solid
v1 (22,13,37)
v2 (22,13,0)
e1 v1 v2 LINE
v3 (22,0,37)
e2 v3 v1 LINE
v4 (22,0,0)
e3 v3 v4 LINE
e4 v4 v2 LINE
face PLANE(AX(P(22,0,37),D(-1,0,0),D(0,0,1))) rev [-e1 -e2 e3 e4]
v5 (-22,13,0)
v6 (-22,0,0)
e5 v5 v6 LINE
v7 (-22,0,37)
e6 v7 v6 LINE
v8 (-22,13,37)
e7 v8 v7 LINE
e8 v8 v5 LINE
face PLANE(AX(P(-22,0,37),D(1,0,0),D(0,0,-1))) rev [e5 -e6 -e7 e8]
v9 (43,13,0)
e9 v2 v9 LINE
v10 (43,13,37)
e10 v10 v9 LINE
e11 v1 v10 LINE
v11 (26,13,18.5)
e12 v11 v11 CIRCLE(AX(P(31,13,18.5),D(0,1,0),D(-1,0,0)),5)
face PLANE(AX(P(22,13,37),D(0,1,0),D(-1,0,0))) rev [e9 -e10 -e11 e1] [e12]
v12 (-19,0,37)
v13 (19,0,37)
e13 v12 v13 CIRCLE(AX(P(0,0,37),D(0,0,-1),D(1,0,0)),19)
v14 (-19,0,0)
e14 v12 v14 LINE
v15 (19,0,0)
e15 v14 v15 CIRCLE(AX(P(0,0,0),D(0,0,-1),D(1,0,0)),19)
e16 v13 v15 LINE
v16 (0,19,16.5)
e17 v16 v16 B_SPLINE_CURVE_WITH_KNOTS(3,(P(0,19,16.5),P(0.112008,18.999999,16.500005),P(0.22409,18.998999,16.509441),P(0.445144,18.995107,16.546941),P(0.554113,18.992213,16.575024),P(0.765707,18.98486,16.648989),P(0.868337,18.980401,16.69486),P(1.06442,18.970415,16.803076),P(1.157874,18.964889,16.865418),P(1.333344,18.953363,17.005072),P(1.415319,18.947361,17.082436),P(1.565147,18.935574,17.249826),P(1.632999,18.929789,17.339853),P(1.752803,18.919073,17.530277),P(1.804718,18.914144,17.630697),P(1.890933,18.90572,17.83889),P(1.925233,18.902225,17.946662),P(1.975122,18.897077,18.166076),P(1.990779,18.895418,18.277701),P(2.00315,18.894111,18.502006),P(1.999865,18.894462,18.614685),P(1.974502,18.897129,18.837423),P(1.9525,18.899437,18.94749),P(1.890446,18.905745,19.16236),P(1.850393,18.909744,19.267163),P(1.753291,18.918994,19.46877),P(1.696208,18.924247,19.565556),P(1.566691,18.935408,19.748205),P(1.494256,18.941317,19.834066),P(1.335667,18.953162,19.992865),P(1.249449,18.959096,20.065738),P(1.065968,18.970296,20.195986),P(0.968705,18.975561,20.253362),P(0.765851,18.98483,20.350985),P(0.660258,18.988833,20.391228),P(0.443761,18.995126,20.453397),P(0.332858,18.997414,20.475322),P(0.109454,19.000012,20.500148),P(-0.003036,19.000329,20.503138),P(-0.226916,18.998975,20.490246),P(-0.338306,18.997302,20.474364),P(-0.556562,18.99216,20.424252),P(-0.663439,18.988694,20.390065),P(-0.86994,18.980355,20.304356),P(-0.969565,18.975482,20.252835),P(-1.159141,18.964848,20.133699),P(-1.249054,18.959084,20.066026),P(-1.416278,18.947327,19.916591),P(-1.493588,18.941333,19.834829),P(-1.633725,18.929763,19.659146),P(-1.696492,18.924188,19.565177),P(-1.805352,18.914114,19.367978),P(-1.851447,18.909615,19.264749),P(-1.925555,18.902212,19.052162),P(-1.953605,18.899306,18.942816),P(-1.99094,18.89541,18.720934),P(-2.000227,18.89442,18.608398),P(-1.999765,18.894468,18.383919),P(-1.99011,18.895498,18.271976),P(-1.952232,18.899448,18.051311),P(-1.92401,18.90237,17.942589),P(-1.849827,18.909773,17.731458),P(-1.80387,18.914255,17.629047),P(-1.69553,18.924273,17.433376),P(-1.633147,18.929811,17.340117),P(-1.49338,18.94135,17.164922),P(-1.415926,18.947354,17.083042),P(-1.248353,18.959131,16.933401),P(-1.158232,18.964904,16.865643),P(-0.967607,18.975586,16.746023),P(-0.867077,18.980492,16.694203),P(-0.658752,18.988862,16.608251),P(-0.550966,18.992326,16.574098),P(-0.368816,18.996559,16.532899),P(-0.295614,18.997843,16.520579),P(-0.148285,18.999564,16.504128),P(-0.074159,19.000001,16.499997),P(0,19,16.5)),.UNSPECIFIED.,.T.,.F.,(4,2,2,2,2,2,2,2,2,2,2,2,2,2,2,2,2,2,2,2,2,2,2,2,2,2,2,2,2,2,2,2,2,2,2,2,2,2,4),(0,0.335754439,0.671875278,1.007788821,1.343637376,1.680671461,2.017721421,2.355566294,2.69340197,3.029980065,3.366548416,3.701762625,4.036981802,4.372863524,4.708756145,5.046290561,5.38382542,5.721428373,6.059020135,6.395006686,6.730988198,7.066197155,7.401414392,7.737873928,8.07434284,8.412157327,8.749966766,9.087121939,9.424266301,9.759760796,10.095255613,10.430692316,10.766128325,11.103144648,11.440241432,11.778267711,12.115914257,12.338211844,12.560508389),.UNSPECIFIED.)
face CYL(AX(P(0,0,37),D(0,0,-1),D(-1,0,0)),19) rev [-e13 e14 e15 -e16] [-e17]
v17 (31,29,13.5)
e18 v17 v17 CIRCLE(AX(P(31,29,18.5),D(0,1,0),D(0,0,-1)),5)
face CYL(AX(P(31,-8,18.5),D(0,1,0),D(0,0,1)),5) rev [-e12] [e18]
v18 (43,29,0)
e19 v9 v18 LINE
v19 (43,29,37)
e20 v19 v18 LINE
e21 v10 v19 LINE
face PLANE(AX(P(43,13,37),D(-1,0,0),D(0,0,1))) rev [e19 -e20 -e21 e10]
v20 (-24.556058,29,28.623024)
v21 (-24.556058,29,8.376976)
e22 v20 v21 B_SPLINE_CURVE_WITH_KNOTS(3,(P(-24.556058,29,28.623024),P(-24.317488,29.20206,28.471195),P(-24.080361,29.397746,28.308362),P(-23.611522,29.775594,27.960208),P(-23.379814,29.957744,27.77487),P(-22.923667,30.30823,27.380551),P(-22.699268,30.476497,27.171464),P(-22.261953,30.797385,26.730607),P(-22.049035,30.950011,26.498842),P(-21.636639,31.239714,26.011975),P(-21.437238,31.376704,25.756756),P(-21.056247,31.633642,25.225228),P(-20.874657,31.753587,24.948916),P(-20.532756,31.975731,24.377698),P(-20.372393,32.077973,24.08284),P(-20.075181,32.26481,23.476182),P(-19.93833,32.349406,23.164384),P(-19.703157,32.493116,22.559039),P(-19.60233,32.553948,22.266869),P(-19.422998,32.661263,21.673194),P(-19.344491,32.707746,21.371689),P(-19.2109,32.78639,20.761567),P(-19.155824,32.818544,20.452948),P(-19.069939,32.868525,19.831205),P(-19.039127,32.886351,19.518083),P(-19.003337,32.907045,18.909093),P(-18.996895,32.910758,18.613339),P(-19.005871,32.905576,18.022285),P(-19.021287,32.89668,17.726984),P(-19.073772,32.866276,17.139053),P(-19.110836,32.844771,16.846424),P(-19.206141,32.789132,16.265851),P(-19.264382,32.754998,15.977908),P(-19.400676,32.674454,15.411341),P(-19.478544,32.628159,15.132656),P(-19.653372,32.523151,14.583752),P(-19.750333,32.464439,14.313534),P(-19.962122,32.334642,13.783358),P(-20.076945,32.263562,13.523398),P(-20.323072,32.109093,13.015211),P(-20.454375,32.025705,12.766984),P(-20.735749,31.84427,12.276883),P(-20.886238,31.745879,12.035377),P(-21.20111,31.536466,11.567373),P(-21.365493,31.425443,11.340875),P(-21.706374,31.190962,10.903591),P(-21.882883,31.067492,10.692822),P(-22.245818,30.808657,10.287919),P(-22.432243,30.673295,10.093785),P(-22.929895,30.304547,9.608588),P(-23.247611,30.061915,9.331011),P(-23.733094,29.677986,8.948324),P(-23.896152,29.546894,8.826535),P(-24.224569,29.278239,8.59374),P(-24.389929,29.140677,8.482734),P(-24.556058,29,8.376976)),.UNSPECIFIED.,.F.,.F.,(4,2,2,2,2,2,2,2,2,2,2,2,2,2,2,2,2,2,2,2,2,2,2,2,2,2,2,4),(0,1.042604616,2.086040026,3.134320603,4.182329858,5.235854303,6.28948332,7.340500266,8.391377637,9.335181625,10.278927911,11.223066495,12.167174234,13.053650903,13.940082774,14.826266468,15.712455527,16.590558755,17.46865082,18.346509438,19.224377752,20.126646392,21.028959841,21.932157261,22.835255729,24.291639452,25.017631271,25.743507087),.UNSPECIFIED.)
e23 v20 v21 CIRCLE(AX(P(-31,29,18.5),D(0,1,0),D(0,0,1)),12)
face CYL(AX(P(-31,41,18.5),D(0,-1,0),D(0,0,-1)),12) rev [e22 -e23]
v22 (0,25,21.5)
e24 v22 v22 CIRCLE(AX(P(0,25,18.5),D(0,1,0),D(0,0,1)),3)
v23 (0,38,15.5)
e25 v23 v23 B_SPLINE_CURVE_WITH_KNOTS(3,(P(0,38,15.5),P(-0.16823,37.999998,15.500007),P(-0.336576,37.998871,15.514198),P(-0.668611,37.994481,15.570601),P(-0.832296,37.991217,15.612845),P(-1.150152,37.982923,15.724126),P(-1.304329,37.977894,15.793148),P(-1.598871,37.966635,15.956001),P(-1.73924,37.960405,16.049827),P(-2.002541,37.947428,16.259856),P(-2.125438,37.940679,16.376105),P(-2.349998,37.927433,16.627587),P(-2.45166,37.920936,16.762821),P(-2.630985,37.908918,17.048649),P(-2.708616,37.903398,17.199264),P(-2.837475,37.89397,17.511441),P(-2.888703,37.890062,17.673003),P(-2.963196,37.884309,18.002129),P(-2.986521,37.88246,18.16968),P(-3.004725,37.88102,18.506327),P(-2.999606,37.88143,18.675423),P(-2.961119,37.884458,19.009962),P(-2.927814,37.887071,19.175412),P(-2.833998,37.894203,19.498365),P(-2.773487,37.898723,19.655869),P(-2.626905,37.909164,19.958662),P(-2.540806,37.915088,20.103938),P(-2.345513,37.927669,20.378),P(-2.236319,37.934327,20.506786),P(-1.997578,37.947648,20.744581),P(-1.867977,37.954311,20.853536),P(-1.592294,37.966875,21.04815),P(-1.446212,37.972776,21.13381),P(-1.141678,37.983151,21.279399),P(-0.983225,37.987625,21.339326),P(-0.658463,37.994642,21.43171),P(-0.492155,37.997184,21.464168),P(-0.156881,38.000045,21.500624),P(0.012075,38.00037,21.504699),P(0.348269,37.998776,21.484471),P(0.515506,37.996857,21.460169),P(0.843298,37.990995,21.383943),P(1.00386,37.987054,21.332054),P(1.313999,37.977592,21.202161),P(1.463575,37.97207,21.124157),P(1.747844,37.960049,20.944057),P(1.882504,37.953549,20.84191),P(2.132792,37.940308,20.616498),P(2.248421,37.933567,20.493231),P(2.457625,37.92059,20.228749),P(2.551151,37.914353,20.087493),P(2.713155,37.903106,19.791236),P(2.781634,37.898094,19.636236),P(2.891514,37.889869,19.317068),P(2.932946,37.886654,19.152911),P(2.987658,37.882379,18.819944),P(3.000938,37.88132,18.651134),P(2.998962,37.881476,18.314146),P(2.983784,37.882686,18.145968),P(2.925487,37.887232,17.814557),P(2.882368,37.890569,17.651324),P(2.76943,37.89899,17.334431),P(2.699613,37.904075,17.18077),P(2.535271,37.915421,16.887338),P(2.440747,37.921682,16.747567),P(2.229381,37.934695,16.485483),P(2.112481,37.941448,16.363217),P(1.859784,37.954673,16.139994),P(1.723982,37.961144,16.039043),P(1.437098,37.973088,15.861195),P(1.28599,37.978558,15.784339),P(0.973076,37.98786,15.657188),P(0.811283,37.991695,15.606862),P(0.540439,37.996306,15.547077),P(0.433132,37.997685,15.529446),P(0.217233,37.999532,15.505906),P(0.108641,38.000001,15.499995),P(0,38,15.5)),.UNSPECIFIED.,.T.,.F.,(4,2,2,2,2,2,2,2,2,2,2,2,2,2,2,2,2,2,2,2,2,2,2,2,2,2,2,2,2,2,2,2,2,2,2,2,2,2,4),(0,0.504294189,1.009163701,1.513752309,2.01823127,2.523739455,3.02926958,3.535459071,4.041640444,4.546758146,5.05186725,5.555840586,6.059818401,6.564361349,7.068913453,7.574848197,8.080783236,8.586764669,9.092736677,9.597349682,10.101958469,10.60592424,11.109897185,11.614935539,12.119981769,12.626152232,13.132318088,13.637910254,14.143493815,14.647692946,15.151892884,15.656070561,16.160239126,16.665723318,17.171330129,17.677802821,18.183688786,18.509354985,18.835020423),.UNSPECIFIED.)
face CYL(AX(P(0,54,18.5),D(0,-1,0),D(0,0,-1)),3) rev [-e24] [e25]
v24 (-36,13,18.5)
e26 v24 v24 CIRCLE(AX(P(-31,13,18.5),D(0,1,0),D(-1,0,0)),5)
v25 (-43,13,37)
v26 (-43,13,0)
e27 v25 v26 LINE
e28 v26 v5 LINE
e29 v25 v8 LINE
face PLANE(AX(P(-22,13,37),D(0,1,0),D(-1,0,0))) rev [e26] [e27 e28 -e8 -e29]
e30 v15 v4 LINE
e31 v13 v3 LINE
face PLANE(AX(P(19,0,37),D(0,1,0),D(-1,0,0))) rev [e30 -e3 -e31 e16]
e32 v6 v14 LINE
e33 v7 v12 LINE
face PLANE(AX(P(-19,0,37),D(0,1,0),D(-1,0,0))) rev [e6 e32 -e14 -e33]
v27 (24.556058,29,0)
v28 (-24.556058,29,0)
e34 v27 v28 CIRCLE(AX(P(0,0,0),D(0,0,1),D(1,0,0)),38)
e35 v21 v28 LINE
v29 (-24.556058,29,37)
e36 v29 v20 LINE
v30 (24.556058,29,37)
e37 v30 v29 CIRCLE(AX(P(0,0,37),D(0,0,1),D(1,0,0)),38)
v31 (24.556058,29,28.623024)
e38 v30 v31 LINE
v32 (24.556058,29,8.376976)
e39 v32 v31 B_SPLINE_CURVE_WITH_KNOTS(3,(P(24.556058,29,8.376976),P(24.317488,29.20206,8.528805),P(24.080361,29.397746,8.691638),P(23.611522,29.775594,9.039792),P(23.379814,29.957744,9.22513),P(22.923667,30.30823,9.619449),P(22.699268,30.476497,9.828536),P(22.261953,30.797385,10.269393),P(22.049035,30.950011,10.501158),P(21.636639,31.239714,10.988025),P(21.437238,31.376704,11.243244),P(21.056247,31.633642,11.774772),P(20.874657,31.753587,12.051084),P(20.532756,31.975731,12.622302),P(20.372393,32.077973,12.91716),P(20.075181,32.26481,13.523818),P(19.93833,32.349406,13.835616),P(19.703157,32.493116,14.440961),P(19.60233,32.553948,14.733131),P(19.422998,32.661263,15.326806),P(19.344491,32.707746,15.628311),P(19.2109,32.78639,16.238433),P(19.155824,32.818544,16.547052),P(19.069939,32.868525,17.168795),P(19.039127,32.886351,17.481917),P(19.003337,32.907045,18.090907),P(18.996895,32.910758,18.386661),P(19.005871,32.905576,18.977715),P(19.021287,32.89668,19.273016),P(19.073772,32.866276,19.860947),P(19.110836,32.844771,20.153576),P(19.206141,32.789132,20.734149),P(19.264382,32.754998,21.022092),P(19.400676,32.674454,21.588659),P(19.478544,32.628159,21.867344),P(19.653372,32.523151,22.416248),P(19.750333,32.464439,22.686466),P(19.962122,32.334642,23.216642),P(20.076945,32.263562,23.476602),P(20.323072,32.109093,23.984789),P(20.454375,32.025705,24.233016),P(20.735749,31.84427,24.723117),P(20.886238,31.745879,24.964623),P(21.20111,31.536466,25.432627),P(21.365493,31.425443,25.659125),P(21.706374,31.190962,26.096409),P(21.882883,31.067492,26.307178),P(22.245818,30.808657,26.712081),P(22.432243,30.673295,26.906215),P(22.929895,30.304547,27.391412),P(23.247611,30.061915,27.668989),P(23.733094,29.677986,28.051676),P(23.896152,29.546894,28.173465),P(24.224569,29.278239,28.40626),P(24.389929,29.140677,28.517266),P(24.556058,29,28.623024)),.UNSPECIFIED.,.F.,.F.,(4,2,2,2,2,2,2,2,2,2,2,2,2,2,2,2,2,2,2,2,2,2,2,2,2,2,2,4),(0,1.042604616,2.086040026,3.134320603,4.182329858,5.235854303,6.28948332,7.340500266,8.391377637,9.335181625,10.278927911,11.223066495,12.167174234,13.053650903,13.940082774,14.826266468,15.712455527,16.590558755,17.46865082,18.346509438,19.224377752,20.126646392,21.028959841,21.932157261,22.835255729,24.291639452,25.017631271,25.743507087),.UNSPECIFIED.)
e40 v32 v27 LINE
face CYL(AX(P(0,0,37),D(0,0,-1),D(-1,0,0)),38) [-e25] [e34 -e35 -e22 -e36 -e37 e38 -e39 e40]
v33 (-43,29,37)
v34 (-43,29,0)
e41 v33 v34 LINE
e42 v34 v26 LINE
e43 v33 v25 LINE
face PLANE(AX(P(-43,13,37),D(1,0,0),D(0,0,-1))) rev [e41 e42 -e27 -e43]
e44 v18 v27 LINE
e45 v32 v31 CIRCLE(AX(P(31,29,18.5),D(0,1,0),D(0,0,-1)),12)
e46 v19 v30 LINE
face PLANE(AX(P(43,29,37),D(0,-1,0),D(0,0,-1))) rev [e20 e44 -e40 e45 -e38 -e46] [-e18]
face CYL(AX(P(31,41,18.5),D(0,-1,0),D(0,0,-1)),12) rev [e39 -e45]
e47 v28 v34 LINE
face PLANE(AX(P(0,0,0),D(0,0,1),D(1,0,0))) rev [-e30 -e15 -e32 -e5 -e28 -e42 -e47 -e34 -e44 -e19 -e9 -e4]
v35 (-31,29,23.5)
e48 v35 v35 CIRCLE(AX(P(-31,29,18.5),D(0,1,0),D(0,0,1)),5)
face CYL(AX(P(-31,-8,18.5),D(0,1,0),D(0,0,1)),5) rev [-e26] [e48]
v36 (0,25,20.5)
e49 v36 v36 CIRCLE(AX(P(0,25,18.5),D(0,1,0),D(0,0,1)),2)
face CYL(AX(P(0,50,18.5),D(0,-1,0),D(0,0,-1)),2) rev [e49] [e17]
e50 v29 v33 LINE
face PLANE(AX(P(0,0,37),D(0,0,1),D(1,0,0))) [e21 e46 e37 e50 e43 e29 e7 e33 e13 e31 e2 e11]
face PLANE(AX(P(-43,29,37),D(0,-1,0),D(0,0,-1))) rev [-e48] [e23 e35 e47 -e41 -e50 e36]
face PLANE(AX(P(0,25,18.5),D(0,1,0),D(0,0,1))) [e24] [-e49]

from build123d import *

# Parameters (mm, degrees)
BOSS_EXTRUDE1_DEPTH = 37
SKETCH3_R           = 5
CUT_EXTRUDE1_DEPTH  = 37
SKETCH4_R           = 12
CUT_EXTRUDE2_DEPTH  = 12
SKETCH5_R           = 2
CUT_EXTRUDE3_DEPTH  = 50
SKETCH6_R           = 3
CUT_EXTRUDE4_DEPTH  = 29


with BuildPart() as part:
    # Sketch1 → Boss-Extrude1 (new body)
    with BuildSketch(Plane.XY):
        with BuildLine():
            Line((-19, 0), (-22, 0))
            Line((-22, 0), (-22, 13))
            Line((-22, 13), (-43, 13))
            Line((-43, 13), (-43, 29))
            Line((-43, 29), (-24.556058316, 29))
            ThreePointArc((-24.556058316, 29), (0, 38), (24.556058316, 29))
            Line((24.556058316, 29), (43, 29))
            Line((43, 29), (43, 13))
            Line((43, 13), (22, 13))
            Line((22, 13), (22, 0))
            Line((22, 0), (19, 0))
            ThreePointArc((19, 0), (0, 19), (-19, 0))
        make_face()
    extrude(amount=BOSS_EXTRUDE1_DEPTH)

    # Sketch3 → Cut-Extrude1 (cut)
    with BuildSketch(Plane(origin=(0, 29, 0), x_dir=(1, 0, 0), z_dir=(0, 1, 0))):
        with Locations(Location((-31, -18.5, 0), (0, 0, 270))):
            Circle(SKETCH3_R)
        with Locations(Location((31, -18.5, 0), (0, 0, 180))):
            Circle(SKETCH3_R)
    extrude(amount=-CUT_EXTRUDE1_DEPTH, mode=Mode.SUBTRACT)

    # Sketch4 → Cut-Extrude2 (cut)
    with BuildSketch(Plane(origin=(0, 29, 0), x_dir=(1, 0, 0), z_dir=(0, 1, 0))):
        with Locations((-31, -18.5)):
            Circle(SKETCH4_R)
        with Locations((31, -18.5)):
            Circle(SKETCH4_R)
    extrude(amount=CUT_EXTRUDE2_DEPTH, mode=Mode.SUBTRACT)

    # Sketch5 → Cut-Extrude3 (cut)
    with BuildSketch(Plane(origin=(0, 0, 0), x_dir=(1, 0, 0), z_dir=(0, 1, 0))):
        with Locations(Location((0, -18.5, 0), (0, 0, 90))):
            Circle(SKETCH5_R)
    extrude(amount=CUT_EXTRUDE3_DEPTH, mode=Mode.SUBTRACT)

    # Sketch6 → Cut-Extrude4 (cut)
    with BuildSketch(Plane(origin=(0, 25, 0), x_dir=(1, 0, 0), z_dir=(0, 1, 0))):
        with Locations(Location((0, -18.5, 0), (0, 0, 90))):
            Circle(SKETCH6_R)
    extrude(amount=CUT_EXTRUDE4_DEPTH, mode=Mode.SUBTRACT)


solid = part.part
